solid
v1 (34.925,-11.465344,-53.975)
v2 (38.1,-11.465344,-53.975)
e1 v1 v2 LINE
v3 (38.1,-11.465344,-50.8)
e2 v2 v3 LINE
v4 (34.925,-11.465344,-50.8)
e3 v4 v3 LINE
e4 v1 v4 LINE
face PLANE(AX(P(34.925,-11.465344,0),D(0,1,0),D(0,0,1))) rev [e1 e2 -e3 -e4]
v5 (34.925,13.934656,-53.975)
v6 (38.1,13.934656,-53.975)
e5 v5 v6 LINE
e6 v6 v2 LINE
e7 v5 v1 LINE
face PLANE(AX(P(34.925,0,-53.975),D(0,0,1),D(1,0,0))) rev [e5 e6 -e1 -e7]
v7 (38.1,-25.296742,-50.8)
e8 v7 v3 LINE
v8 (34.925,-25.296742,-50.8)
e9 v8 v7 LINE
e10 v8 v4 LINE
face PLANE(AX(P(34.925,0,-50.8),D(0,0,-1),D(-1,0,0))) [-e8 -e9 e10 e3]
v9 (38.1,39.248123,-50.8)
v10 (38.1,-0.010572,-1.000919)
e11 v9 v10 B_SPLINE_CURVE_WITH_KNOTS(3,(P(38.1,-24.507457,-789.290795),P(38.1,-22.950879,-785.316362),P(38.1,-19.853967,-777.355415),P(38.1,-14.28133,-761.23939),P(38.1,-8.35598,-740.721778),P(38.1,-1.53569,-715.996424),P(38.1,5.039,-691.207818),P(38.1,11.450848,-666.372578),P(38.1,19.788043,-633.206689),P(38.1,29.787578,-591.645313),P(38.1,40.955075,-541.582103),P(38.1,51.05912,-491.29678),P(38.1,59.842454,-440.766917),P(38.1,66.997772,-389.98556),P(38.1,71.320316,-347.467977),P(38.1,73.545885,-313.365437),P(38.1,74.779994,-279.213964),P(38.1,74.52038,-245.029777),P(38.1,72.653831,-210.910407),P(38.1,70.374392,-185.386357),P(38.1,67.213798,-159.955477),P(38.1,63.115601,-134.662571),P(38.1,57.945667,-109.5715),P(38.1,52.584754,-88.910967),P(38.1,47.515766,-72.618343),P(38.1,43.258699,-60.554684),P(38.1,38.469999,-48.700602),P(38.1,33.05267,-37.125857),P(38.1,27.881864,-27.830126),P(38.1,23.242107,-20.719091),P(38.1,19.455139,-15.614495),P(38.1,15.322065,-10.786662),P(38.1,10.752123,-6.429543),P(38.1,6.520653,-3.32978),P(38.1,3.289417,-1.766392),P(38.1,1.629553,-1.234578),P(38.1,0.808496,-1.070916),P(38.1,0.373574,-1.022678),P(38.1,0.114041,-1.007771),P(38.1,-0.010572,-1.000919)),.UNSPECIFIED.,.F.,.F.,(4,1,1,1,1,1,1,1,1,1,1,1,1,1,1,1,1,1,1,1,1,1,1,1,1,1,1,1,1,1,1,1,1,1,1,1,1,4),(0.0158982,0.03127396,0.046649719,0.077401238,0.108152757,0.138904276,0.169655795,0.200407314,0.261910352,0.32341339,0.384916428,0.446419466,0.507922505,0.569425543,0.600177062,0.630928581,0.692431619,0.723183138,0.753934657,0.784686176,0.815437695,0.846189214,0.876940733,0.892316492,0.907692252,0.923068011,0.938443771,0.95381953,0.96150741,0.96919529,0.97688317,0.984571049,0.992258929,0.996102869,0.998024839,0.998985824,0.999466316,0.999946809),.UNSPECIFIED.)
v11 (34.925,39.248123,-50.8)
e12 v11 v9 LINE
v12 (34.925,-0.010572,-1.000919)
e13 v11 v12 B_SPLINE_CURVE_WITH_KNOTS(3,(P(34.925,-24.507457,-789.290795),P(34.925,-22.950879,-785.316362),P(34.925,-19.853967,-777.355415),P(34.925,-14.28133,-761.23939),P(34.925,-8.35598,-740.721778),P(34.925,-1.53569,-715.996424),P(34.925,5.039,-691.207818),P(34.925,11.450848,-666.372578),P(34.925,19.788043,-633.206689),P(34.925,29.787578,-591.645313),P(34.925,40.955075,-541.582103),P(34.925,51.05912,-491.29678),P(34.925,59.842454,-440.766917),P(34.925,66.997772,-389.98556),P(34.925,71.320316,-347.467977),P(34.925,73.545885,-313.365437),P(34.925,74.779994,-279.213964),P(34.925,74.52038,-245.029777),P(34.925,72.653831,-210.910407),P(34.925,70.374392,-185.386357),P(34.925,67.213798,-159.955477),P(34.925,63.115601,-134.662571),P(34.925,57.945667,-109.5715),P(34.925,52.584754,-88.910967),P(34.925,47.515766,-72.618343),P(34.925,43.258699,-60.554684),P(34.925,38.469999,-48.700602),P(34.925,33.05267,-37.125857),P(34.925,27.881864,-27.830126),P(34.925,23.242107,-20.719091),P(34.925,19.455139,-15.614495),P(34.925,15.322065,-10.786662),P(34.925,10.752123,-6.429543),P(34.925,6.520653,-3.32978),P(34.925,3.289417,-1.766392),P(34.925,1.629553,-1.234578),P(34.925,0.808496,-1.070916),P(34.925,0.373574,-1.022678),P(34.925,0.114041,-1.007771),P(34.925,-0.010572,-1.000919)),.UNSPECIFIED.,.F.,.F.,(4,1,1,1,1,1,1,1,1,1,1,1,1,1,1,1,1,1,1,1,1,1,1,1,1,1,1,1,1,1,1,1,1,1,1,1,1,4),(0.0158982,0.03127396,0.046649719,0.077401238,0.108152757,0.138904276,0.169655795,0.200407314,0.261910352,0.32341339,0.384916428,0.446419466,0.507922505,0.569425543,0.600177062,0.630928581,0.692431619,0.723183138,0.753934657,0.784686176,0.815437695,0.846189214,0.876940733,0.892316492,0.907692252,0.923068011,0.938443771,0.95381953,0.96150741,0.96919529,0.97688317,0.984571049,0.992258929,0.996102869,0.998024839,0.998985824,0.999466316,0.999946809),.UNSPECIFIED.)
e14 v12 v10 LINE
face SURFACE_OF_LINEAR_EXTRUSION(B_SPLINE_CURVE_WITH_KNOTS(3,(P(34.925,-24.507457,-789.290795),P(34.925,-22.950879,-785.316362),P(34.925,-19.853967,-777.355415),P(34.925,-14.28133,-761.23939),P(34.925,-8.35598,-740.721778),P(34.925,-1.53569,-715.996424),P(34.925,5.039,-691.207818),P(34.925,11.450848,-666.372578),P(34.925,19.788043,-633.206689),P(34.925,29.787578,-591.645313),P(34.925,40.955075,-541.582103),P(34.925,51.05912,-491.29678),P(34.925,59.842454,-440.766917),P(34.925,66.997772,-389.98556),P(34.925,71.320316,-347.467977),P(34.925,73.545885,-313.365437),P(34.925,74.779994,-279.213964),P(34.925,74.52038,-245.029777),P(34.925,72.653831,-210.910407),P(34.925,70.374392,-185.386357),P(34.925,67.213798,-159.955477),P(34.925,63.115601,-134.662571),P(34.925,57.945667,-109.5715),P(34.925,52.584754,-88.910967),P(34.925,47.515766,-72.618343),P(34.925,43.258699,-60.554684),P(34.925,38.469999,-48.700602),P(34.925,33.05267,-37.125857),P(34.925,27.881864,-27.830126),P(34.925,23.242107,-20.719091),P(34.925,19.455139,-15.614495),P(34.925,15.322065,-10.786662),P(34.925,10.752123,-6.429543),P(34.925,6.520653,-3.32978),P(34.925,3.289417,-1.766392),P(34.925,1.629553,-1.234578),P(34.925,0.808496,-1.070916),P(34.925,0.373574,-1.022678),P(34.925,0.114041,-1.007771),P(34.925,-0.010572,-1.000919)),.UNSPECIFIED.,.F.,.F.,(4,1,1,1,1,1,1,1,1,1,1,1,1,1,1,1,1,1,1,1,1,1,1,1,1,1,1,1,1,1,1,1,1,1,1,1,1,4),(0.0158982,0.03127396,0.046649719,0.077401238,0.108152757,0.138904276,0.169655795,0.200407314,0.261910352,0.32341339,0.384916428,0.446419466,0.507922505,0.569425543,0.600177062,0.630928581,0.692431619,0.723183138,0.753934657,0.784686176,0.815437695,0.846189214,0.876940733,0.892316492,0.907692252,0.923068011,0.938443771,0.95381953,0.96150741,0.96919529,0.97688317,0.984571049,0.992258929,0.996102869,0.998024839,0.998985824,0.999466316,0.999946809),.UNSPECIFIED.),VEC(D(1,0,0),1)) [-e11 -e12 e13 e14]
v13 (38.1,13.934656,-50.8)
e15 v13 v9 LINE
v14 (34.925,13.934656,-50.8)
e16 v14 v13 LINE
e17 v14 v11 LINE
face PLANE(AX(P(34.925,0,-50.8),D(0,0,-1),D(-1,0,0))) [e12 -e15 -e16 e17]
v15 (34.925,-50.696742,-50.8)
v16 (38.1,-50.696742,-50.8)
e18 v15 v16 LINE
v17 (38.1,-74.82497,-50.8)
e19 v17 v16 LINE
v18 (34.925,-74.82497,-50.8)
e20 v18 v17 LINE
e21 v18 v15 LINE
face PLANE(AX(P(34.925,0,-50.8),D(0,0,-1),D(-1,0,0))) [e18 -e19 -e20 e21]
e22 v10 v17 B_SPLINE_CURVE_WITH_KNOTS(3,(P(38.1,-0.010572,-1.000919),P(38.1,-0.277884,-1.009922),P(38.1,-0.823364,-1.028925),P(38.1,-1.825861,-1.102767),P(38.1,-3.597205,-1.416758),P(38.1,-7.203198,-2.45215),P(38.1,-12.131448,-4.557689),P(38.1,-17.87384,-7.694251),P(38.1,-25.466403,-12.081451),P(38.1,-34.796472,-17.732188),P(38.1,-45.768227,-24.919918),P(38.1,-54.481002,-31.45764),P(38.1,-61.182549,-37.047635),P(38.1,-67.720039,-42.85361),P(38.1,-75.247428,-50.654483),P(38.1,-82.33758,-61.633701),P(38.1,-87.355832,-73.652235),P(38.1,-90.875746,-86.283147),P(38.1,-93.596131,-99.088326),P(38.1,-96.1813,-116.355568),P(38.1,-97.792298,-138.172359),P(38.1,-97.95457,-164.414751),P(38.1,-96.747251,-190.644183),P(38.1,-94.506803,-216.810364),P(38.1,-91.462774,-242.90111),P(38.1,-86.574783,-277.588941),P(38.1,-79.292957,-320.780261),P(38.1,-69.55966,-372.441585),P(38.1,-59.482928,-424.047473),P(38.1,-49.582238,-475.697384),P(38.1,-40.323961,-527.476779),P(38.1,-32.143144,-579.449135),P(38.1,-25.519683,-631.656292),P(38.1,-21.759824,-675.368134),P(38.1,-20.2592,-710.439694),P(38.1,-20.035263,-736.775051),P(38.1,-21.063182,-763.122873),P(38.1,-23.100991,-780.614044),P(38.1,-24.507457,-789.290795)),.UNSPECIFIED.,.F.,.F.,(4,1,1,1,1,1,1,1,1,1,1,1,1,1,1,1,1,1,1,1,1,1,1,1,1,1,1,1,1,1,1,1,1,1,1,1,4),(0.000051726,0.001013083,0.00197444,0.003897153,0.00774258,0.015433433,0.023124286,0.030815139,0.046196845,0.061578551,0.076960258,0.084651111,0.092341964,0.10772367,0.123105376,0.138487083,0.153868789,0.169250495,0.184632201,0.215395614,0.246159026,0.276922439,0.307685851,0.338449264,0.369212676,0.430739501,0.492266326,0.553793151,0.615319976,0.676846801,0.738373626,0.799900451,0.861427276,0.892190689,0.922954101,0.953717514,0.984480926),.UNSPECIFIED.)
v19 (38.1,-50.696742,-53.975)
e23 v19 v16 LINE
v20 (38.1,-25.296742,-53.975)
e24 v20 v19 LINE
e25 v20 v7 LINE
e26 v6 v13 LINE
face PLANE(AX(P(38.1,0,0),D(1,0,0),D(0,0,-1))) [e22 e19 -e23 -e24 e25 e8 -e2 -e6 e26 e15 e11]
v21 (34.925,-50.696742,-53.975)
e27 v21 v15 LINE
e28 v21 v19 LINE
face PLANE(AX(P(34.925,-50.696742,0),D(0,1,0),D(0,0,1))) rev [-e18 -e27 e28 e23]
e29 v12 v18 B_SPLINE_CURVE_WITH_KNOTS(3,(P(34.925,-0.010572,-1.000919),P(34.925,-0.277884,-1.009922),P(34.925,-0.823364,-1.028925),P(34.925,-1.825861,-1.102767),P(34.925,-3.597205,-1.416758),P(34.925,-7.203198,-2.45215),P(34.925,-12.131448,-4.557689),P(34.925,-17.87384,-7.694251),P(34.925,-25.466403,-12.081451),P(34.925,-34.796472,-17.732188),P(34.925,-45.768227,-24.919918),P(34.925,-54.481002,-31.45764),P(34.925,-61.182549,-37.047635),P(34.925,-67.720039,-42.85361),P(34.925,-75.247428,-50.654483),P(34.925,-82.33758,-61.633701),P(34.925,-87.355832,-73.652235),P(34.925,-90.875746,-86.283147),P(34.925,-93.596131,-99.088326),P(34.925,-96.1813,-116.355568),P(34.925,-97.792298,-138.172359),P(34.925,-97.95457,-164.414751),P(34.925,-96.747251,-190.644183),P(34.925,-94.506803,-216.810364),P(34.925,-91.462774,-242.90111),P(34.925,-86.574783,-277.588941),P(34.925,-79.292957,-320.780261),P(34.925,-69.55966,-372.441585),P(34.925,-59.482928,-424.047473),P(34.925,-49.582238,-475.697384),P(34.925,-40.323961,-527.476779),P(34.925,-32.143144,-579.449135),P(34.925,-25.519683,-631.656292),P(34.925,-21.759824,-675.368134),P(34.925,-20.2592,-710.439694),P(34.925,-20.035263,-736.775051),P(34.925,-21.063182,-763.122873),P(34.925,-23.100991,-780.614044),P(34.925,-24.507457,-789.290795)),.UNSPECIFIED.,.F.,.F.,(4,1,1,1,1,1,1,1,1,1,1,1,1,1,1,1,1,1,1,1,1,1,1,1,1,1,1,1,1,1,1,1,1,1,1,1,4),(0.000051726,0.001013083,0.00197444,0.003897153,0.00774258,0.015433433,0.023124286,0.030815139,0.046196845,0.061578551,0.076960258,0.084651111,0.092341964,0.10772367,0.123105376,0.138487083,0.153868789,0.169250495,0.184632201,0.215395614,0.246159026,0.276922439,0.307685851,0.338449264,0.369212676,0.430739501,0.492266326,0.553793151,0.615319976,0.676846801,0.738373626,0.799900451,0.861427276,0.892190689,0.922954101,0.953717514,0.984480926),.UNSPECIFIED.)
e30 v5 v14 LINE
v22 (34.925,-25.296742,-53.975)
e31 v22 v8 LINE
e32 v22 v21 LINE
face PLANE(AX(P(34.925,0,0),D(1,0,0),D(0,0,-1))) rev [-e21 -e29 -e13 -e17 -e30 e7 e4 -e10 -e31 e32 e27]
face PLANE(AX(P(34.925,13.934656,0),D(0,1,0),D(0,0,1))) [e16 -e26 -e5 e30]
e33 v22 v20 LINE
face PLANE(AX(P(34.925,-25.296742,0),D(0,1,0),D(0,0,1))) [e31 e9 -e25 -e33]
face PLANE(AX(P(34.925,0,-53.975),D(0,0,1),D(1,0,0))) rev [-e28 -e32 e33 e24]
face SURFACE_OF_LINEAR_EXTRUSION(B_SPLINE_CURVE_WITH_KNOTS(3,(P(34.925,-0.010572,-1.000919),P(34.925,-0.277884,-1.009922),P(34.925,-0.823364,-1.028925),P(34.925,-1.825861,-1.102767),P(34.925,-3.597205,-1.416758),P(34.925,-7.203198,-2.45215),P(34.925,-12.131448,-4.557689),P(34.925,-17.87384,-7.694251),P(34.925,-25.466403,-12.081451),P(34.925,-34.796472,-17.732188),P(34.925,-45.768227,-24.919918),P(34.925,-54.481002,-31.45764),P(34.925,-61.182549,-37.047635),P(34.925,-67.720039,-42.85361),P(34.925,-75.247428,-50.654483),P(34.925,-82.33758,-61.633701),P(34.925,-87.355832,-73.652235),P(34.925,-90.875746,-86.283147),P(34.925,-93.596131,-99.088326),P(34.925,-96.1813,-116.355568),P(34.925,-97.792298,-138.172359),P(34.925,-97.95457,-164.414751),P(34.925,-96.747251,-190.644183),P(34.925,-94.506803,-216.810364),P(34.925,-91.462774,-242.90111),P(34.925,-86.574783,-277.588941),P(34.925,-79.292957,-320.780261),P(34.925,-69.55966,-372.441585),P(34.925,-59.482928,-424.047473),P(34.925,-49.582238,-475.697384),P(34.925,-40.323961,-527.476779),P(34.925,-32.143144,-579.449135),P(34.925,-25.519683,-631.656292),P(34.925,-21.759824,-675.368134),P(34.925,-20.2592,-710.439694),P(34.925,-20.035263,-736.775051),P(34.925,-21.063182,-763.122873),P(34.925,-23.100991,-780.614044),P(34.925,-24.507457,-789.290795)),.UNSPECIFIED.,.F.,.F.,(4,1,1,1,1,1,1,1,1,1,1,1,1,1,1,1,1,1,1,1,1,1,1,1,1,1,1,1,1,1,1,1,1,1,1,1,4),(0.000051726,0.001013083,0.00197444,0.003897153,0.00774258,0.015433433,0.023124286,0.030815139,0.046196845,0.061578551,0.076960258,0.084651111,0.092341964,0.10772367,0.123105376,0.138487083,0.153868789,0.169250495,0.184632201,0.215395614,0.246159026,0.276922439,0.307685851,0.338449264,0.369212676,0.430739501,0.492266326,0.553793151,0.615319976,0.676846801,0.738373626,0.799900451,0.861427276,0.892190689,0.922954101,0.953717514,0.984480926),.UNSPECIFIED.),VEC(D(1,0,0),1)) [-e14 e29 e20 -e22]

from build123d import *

# Parameters (mm, degrees)
BOSS_EXTRUDE1_DEPTH = 3.175


with BuildPart() as part:
    # Sketch1 → Boss-Extrude1 (new body)
    with BuildSketch(Plane(origin=(38.1, 0, 0), x_dir=(0, 0, -1), z_dir=(1, 0, 0))):
        with BuildLine():
            Line((53.975, 13.934655528), (50.8, 13.934655528))
            Line((50.8, 13.934655528), (50.8, 39.248123167))
            add(Edge.make_bspline(
                [(50.8, 39.248123167), (50.114337, 38.95697122), (45.517089309, 36.98001911), (37.125857024, 33.052669943), (27.830125776, 27.881863583), (20.719091236, 23.242106564), (15.614494654, 19.455138907), (10.786662405, 15.322065366), (6.429542578, 10.752123034), (3.32977957, 6.520652954), (1.7663924, 3.289417246), (1.234577983, 1.629552847), (1.070915718, 0.808496426), (1.022678144, 0.373573946), (1.007771389, 0.114040702), (1.000919428, -0.010571554)],
                knots=[0.920379078, 0.920379078, 0.920379078, 0.920379078, 0.923068011, 0.938443771, 0.95381953, 0.96150741, 0.96919529, 0.97688317, 0.984571049, 0.992258929, 0.996102869, 0.998024839, 0.998985824, 0.999466316, 0.999946809, 0.999946809, 0.999946809, 0.999946809], degree=3))
            add(Edge.make_bspline(
                [(1.000919428, -0.010571554), (1.009921864, -0.277884035), (1.028925425, -0.823363517), (1.10276659, -1.825860568), (1.41675837, -3.59720545), (2.452149912, -7.203198014), (4.557689087, -12.131447527), (7.694251284, -17.873839822), (12.081450574, -25.466402985), (17.732187967, -34.796472344), (24.919918009, -45.768226926), (31.457639598, -54.481002451), (37.047634728, -61.182548528), (42.818130244, -67.680088504), (47.457882264, -72.162847135), (50.8, -74.824969829)],
                knots=[5.1726e-05, 5.1726e-05, 5.1726e-05, 5.1726e-05, 0.001013083, 0.00197444, 0.003897153, 0.00774258, 0.015433433, 0.023124286, 0.030815139, 0.046196845, 0.061578551, 0.076960258, 0.084651111, 0.092341964, 0.107535675, 0.107535675, 0.107535675, 0.107535675], degree=3))
            Line((50.8, -74.824969829), (50.8, -50.696741856))
            Line((50.8, -50.696741856), (53.975, -50.696741856))
            Line((53.975, -50.696741856), (53.975, -25.296741856))
            Line((53.975, -25.296741856), (50.8, -25.296741856))
            Line((50.8, -25.296741856), (50.8, -11.465344472))
            Line((50.8, -11.465344472), (53.975, -11.465344472))
            Line((53.975, -11.465344472), (53.975, 13.934655528))
        make_face()
    extrude(amount=-BOSS_EXTRUDE1_DEPTH)


solid = part.part
